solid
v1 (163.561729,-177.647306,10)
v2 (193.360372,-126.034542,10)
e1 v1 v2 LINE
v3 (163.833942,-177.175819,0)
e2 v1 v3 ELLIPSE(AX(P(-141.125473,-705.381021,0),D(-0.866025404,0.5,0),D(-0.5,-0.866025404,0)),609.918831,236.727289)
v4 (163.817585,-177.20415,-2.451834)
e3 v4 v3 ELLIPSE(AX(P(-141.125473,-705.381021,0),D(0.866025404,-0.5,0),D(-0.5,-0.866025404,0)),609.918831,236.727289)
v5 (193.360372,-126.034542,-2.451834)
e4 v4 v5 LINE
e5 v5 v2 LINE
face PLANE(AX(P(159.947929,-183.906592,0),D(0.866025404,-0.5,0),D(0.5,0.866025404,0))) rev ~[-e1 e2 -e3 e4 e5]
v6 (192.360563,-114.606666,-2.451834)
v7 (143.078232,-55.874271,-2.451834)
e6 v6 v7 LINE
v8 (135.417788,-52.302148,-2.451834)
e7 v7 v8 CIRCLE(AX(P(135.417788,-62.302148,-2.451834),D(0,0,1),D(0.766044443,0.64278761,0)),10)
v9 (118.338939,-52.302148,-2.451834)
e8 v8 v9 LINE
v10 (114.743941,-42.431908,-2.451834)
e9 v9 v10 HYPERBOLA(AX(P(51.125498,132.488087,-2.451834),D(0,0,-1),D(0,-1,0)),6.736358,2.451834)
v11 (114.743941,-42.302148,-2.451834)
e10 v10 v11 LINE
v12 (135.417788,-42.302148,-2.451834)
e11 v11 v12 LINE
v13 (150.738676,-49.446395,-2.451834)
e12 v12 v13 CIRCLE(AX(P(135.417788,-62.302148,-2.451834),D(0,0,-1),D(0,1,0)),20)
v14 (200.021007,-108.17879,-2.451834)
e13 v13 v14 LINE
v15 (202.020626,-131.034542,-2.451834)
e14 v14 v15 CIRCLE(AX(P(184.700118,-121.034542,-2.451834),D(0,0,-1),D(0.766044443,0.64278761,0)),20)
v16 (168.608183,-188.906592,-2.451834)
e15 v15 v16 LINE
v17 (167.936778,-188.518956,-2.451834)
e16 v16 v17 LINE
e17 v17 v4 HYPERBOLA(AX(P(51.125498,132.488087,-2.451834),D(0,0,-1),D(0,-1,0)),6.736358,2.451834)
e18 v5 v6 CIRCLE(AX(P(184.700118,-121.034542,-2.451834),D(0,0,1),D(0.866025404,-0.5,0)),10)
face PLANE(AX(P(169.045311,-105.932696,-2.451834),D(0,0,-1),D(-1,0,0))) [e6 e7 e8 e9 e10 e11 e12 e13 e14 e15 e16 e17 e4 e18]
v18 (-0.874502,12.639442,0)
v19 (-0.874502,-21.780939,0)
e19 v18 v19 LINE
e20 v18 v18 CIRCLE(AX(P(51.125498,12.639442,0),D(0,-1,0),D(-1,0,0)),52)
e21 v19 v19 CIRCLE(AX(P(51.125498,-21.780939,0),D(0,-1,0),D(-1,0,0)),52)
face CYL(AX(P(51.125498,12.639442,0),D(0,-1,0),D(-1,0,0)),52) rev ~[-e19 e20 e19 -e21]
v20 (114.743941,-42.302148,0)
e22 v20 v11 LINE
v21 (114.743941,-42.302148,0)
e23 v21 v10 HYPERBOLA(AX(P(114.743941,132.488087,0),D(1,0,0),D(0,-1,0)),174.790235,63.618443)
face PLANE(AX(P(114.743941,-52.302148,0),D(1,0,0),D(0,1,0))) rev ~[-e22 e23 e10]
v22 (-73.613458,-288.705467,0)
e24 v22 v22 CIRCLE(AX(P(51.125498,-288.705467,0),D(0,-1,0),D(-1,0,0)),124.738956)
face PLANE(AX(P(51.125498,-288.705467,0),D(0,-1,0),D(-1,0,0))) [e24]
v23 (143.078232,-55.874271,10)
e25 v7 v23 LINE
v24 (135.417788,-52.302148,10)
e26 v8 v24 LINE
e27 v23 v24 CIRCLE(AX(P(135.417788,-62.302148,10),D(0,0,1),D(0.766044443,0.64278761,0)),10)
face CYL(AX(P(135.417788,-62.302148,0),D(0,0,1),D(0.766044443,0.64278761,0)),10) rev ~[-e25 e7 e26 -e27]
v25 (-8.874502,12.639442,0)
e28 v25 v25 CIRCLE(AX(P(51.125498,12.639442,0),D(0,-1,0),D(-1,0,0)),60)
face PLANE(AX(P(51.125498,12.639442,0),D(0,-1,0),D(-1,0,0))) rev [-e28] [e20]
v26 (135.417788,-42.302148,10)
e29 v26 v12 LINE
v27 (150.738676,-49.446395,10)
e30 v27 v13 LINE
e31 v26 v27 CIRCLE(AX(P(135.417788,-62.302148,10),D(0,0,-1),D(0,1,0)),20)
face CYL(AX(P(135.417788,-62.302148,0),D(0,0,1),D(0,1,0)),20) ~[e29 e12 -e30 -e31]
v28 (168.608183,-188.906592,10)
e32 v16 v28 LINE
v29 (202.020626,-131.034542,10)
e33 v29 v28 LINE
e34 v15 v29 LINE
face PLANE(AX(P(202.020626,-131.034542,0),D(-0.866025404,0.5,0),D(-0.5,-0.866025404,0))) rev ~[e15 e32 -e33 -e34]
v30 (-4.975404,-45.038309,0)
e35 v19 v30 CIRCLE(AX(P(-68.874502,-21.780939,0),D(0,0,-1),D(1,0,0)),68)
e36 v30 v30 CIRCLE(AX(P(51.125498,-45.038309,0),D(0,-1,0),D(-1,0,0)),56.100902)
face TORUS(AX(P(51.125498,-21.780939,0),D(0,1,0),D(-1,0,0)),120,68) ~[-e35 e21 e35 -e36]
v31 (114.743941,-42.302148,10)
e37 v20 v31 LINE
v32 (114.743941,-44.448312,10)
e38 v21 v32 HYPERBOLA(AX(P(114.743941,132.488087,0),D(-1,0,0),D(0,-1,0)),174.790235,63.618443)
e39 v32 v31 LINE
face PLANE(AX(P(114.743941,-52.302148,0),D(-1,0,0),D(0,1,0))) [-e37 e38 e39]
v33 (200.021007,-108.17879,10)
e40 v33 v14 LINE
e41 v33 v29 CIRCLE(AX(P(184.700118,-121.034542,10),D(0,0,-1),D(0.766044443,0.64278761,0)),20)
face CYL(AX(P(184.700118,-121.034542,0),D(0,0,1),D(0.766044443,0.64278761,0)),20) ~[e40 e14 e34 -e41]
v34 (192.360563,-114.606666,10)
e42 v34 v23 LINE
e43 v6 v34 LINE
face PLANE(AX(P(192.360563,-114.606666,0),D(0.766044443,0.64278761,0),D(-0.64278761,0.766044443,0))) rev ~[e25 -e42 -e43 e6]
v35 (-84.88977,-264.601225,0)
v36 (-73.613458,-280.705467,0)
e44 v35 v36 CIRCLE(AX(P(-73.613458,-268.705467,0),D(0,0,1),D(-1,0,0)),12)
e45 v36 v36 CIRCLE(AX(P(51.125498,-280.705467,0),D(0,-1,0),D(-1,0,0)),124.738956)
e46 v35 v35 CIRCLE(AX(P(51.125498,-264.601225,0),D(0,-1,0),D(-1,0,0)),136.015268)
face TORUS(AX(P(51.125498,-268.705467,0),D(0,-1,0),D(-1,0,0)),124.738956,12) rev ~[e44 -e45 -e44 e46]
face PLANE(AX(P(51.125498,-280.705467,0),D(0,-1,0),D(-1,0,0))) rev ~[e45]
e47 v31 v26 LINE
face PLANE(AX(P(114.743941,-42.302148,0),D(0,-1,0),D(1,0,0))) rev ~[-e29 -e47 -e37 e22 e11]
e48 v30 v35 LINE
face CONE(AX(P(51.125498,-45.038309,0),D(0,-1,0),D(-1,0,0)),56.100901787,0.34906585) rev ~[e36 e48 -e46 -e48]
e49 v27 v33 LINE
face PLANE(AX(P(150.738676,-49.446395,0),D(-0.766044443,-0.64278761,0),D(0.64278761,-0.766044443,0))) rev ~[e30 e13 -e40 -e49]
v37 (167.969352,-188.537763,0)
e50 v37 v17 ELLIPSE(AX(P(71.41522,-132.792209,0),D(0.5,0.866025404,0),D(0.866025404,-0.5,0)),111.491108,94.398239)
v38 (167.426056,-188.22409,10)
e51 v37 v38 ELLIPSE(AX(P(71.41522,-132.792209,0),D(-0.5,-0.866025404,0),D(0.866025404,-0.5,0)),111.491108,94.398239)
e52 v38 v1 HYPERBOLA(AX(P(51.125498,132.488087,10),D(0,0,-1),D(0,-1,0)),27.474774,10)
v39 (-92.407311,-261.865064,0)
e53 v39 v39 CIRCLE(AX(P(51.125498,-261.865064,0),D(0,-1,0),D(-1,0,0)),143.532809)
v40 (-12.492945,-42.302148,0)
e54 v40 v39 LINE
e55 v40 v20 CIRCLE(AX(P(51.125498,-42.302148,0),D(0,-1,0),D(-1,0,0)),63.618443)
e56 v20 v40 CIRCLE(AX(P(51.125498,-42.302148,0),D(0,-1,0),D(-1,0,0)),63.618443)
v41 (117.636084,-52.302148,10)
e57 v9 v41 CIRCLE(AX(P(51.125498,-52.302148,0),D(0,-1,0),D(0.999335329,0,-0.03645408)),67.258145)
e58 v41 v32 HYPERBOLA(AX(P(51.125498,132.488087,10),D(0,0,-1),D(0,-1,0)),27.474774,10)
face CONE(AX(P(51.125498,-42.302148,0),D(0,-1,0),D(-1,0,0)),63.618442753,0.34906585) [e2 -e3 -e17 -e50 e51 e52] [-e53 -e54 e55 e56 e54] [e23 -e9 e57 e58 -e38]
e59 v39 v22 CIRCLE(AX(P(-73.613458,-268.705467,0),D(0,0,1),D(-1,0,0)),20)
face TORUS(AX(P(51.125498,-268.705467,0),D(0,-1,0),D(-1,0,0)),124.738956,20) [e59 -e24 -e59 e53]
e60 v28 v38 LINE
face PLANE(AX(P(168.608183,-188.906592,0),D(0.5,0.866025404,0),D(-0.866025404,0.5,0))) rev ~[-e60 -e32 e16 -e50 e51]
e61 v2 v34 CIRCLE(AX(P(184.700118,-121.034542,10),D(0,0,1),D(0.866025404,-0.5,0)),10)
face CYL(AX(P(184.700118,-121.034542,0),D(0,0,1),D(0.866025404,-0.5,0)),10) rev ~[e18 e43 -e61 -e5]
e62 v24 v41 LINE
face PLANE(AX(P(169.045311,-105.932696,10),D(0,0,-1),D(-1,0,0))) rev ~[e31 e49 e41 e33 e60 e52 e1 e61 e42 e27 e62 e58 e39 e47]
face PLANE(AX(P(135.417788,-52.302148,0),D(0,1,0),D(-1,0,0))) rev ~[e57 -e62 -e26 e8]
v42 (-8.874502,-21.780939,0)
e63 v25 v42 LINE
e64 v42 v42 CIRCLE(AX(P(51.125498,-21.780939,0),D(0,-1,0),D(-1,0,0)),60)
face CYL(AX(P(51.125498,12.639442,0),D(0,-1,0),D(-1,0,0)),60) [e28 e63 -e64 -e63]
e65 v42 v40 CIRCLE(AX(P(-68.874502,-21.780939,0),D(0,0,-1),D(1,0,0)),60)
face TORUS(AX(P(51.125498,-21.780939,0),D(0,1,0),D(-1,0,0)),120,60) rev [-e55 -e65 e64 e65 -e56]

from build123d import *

# Parameters (mm, degrees)
SHELL1_T                 = -8
FILLET1_R                = 12
FILLET3_R                = 20
EXTRUDE_THIN1_DEPTH      = 10
EXTRUDE_THIN1_DEPTH_BACK = 2.451833806


with BuildPart() as part:
    # Sketch2 → Revolve2 (revolve)
    with BuildSketch(Plane.XY):
        with BuildLine():
            Line((-8.874501992, 12.639442231), (-8.874501992, -21.780938926))
            ThreePointArc((-8.874501992, -21.780938926), (-9.786036811, -32.199829586), (-12.492944745, -42.302147526))
            Line((-12.492944745, -42.302147526), (-102.176418507, -288.705466585))
            Line((-102.176418507, -288.705466585), (51.125498008, -288.705466585))
            Line((51.125498008, -288.705466585), (51.125498008, 12.639442231))
            Line((51.125498008, 12.639442231), (-8.874501992, 12.639442231))
        make_face()
    revolve(axis=Axis((51.125498008, 12.639442231, 0), (0, -1, 0)))

    # Shell1
    shell1_openings = [part.faces().sort_by_distance(p)[0] for p in [
        (51.125498008, 12.639442231, 0),
    ]]
    offset(amount=SHELL1_T, openings=shell1_openings, kind=Kind.INTERSECTION)

    # Fillet1
    fillet1_edges = [part.edges().sort_by_distance(p)[0] for p in [
        (193.002230469, -280.705466585, 0),
    ]]
    fillet(fillet1_edges, radius=FILLET1_R)

    # Fillet3
    fillet3_edges = [part.edges().sort_by_distance(p)[0] for p in [
        (204.427414523, -288.705466585, 0),
    ]]
    fillet(fillet3_edges, radius=FILLET3_R)

    # Sketch3 → Extrude-Thin1 (add, two sides)
    with BuildSketch(Plane.XY) as extrude_thin1_sk:
        with BuildLine():
            Line((114.743940761, -42.302147526), (135.417787598, -42.302147526))
            ThreePointArc((135.417787598, -42.302147526), (143.870152833, -44.175991785), (150.73867646, -49.446395332))
            Line((150.73867646, -49.446395332), (200.021007134, -108.178789964))
            ThreePointArc((200.021007134, -108.178789964), (204.624012234, -119.291427303), (202.020626347, -131.034542158))
            Line((202.020626347, -131.034542158), (168.608182886, -188.906591838))
            Line((168.608182886, -188.906591838), (159.947928848, -183.906591838))
            Line((159.947928848, -183.906591838), (193.36037231, -126.034542158))
            ThreePointArc((193.36037231, -126.034542158), (194.662065253, -120.162984731), (192.360562703, -114.606666061))
            Line((192.360562703, -114.606666061), (143.078232029, -55.874271429))
            ThreePointArc((143.078232029, -55.874271429), (139.643970215, -53.239069656), (135.417787598, -52.302147526))
            Line((135.417787598, -52.302147526), (114.743940761, -52.302147526))
            Line((114.743940761, -52.302147526), (114.743940761, -42.302147526))
        make_face()
    extrude(amount=EXTRUDE_THIN1_DEPTH)
    extrude(extrude_thin1_sk.sketch, amount=-EXTRUDE_THIN1_DEPTH_BACK)


solid = part.part
